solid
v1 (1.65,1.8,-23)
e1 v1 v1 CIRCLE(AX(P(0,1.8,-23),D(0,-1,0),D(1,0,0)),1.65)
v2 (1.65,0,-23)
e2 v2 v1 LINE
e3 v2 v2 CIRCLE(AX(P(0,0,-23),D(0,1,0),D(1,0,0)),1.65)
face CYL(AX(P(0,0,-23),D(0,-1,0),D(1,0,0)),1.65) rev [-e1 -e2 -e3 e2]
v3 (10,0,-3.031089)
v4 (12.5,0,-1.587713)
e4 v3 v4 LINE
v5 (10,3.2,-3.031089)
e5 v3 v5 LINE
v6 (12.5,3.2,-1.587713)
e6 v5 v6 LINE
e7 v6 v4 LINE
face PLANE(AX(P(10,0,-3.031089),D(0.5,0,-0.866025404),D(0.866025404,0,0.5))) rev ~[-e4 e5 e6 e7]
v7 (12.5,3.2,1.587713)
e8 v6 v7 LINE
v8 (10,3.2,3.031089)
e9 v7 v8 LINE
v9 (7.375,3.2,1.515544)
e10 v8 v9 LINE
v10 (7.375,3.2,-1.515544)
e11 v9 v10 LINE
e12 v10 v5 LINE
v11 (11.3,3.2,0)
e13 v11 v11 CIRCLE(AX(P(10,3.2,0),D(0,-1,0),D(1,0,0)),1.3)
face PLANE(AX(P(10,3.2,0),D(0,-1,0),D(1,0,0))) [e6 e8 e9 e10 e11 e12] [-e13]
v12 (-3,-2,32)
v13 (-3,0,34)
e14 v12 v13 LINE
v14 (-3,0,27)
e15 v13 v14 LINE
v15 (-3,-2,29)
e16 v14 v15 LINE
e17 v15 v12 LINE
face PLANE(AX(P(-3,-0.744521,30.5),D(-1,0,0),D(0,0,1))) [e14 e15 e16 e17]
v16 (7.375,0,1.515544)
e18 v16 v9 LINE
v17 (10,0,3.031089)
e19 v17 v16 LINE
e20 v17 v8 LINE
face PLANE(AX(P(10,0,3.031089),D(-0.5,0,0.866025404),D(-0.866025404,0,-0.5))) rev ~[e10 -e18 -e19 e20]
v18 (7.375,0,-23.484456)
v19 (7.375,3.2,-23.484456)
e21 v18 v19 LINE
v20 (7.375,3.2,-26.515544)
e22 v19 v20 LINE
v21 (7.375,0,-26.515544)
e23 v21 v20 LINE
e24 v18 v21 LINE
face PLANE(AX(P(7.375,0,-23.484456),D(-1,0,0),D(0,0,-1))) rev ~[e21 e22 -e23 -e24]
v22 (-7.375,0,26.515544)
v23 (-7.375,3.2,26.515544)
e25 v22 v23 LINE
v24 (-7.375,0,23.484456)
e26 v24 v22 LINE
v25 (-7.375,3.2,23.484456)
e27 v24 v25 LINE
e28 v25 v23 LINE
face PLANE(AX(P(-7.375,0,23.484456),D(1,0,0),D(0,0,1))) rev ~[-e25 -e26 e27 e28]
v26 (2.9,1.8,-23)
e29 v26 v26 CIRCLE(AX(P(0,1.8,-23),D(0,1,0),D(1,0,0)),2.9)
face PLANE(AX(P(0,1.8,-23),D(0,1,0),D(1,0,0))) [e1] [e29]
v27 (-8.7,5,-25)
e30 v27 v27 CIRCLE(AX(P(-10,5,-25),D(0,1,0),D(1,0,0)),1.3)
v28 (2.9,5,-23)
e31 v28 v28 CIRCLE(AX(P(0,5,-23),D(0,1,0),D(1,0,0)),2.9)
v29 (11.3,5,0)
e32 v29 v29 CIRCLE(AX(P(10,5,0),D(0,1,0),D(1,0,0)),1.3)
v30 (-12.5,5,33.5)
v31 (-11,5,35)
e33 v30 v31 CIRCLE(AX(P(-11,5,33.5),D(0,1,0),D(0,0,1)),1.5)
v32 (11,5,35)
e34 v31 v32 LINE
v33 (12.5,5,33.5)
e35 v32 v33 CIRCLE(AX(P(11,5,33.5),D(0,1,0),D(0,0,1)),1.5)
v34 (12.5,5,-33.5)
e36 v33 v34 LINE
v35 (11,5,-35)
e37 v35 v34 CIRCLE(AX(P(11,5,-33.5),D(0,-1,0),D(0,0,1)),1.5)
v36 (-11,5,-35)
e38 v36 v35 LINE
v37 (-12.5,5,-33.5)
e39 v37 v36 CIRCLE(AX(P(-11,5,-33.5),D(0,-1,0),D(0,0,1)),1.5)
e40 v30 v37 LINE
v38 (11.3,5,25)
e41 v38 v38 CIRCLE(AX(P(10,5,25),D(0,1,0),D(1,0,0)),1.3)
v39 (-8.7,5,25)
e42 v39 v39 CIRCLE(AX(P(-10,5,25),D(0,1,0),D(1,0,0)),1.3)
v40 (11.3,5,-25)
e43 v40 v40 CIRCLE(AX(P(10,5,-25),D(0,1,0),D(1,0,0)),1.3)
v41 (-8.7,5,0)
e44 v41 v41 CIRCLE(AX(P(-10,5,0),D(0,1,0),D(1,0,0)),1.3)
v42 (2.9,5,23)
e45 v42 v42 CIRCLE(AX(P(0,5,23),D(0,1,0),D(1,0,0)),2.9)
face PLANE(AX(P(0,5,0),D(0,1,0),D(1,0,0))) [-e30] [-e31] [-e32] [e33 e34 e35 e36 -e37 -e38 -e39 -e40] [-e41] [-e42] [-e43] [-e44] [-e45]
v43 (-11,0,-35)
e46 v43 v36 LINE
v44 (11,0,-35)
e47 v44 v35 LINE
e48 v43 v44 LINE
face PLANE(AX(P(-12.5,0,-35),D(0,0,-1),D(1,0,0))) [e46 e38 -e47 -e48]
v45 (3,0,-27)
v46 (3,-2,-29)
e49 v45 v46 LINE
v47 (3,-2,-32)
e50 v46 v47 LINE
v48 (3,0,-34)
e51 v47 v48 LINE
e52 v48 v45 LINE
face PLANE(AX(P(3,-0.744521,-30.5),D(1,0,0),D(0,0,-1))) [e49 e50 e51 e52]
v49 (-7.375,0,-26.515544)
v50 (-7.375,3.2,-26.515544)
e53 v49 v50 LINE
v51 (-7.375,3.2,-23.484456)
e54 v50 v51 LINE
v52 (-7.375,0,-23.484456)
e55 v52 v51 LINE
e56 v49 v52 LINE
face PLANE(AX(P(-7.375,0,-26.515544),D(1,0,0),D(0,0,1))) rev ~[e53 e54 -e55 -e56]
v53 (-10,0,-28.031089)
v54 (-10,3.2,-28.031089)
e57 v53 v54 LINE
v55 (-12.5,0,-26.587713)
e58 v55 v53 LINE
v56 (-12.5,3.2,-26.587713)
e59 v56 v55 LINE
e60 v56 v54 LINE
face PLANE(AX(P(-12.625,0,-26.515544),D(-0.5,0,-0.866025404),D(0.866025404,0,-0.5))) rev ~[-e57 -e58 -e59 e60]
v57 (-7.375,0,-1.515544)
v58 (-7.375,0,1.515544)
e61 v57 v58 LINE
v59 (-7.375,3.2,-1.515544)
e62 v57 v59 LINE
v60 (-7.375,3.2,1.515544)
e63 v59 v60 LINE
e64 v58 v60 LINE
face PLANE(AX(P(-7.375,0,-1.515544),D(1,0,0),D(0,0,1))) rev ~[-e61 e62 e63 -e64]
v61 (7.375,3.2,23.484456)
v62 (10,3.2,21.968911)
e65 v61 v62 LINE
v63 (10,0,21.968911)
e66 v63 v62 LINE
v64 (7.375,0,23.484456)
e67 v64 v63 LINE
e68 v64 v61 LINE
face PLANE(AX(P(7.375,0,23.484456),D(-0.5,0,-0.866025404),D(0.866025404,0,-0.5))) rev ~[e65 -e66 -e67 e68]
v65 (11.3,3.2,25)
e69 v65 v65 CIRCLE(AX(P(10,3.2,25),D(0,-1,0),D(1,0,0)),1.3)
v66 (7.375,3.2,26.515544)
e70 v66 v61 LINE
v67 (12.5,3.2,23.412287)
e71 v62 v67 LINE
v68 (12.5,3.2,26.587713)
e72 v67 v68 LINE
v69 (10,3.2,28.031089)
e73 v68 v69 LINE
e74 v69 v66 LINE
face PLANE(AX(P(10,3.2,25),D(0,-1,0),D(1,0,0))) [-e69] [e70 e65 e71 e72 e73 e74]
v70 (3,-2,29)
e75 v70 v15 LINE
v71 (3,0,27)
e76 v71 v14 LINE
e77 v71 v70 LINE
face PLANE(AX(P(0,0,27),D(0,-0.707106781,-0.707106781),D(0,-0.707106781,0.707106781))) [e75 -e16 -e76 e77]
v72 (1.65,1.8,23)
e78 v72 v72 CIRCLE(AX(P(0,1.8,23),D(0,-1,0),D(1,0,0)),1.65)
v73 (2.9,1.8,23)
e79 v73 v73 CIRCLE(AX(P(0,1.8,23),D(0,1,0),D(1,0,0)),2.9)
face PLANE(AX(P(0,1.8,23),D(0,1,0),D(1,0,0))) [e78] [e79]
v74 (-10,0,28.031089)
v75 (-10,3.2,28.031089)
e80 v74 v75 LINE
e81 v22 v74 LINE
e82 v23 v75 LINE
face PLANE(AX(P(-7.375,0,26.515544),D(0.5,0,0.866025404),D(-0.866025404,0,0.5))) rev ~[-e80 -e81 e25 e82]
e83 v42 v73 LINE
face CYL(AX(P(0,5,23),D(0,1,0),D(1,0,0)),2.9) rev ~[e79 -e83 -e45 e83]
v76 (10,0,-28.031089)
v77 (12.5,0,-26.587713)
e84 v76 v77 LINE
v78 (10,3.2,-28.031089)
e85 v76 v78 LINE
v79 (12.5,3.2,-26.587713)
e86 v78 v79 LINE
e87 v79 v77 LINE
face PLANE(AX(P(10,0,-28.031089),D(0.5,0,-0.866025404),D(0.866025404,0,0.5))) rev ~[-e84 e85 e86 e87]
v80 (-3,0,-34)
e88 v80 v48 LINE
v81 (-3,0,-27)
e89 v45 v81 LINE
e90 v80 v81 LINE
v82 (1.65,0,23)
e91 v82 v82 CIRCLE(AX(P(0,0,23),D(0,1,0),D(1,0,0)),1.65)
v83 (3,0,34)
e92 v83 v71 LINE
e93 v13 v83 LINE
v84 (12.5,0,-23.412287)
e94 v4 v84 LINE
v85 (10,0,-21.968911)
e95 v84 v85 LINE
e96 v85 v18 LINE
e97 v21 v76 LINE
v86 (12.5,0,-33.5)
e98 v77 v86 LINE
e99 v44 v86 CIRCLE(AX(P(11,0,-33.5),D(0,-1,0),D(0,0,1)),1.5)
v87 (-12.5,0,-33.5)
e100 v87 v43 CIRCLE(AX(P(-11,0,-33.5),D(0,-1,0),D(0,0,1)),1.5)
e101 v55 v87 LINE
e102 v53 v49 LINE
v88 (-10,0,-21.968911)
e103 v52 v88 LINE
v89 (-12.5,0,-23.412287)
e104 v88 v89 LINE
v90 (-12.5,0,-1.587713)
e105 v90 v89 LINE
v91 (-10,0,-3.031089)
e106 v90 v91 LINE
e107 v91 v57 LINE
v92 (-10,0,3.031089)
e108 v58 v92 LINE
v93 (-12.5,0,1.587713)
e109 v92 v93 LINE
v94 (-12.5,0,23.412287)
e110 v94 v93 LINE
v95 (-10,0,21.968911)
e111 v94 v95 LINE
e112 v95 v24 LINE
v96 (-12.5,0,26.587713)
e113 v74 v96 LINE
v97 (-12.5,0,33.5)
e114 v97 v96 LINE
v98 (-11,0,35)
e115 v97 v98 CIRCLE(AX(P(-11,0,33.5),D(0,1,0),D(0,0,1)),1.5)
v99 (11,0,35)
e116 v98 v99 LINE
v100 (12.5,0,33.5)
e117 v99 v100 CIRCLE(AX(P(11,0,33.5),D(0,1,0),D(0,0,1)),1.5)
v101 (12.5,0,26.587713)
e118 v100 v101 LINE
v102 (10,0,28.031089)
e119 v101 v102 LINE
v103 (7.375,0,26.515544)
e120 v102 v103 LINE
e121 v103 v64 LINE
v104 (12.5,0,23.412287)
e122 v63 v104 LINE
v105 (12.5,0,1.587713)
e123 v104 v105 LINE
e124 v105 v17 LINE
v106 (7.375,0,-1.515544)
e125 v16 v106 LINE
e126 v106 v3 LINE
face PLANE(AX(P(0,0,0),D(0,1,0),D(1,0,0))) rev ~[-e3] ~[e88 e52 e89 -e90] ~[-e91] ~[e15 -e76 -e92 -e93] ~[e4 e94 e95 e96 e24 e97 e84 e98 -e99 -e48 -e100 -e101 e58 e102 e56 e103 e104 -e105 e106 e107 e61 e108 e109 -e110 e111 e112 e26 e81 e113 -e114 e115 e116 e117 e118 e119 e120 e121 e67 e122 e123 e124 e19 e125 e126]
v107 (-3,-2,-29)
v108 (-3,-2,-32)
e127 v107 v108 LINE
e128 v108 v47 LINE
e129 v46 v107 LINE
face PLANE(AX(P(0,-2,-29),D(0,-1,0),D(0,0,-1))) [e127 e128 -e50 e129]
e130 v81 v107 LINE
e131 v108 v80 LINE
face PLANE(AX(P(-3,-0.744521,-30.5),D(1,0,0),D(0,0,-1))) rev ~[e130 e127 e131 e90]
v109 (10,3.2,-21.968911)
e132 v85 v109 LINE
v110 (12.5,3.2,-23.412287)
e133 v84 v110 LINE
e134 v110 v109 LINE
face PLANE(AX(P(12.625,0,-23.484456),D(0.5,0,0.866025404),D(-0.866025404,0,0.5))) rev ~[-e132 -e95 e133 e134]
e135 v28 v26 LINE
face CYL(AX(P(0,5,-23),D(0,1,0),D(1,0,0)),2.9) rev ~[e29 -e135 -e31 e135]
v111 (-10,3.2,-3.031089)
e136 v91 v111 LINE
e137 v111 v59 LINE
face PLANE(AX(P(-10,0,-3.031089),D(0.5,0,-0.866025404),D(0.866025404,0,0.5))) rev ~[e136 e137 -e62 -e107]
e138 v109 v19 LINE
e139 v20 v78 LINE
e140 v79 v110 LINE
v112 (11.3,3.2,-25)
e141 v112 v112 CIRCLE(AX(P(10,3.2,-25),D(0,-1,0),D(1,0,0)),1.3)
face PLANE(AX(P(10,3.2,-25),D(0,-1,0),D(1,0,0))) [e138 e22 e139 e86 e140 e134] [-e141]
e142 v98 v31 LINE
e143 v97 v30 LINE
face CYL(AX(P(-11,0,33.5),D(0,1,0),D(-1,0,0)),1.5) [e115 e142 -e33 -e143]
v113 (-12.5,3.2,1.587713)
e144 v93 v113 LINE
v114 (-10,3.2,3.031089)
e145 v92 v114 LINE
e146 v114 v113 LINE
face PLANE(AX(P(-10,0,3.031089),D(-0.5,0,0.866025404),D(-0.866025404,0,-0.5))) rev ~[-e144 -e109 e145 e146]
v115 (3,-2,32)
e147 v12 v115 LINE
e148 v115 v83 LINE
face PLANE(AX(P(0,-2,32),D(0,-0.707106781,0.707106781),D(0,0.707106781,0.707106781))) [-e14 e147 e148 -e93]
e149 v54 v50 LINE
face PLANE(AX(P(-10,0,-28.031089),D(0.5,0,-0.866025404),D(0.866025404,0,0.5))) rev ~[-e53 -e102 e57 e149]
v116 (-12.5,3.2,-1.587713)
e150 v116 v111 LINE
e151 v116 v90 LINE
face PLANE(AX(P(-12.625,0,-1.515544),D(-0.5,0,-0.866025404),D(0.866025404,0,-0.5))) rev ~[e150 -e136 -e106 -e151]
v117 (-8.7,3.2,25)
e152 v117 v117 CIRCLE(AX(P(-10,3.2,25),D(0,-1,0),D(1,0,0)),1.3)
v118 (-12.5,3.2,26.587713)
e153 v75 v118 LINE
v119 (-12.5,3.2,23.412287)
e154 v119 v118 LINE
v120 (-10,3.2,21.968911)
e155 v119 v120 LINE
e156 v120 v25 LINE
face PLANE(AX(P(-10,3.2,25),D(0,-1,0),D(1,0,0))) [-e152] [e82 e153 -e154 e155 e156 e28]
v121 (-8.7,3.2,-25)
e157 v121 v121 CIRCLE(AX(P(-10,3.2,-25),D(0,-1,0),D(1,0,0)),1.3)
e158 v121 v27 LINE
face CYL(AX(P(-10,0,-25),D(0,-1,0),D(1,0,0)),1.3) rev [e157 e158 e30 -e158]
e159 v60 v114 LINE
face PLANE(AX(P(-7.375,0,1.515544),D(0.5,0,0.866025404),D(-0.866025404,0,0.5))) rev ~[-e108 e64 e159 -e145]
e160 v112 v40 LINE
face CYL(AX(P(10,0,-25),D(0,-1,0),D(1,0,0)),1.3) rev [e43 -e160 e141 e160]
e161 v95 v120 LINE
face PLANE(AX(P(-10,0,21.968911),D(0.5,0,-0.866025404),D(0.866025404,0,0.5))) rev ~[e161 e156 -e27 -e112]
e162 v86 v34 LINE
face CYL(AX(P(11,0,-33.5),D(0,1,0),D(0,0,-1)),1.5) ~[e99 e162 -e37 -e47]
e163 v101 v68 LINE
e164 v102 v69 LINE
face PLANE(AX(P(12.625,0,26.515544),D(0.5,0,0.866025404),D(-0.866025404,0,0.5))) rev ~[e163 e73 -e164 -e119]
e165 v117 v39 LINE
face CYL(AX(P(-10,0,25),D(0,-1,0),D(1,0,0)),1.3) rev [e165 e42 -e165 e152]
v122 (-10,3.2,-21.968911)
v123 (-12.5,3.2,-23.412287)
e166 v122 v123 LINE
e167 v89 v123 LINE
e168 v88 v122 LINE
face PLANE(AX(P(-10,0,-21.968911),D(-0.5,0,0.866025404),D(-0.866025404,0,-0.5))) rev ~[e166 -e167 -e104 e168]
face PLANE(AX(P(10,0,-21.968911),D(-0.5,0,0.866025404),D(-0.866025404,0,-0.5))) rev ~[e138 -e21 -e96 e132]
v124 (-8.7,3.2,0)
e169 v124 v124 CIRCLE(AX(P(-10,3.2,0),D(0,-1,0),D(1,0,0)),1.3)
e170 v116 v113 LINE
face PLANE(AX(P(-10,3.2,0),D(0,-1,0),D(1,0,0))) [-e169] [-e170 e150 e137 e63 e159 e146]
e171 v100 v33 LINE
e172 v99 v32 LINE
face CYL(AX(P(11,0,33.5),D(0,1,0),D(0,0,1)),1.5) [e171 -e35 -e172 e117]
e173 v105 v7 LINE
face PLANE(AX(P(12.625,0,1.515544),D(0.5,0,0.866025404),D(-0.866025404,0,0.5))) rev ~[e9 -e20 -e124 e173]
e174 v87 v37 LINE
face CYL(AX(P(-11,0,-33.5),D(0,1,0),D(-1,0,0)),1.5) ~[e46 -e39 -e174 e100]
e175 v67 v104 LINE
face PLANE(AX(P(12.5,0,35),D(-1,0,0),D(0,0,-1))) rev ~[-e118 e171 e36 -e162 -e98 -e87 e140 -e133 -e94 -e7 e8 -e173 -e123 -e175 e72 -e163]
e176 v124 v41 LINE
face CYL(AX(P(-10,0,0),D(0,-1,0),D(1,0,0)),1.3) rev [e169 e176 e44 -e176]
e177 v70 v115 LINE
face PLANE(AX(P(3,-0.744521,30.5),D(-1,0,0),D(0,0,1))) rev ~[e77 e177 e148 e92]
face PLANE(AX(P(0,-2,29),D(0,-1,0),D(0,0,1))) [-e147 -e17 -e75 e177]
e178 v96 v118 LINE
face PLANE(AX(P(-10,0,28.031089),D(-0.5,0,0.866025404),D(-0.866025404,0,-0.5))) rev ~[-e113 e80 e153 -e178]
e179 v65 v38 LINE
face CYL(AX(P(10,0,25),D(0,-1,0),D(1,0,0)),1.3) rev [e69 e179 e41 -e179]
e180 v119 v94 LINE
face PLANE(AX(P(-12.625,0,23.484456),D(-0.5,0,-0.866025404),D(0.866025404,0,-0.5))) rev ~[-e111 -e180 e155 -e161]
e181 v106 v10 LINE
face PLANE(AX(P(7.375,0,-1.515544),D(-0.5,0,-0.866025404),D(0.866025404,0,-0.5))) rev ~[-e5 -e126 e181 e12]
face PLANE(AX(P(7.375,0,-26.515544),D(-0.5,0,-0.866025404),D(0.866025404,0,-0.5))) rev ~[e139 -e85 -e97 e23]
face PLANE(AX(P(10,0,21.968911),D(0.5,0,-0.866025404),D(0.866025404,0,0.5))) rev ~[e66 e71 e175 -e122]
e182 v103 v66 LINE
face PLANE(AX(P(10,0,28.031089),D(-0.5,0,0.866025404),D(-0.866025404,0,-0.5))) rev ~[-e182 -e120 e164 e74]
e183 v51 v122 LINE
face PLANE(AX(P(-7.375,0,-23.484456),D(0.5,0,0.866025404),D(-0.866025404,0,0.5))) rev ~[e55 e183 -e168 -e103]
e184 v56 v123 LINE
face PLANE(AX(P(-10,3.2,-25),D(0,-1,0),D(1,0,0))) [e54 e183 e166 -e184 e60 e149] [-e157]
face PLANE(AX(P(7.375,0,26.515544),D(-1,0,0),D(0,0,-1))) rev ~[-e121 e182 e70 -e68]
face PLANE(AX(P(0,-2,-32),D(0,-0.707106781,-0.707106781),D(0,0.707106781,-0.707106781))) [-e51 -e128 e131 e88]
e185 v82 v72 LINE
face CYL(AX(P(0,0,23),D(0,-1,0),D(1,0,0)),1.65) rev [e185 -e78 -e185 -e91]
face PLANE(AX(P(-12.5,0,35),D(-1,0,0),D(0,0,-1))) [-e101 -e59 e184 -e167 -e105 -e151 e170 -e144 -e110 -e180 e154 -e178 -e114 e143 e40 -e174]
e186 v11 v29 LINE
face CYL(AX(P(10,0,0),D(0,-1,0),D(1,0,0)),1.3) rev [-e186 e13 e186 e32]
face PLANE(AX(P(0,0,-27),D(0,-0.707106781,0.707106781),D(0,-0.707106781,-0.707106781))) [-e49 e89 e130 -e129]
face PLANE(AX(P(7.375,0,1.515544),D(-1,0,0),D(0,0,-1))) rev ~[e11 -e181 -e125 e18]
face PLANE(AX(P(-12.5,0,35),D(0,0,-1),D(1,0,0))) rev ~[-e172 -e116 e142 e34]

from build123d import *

# Parameters (mm, degrees)
SKETCH_1_W          = 25
SKETCH_1_H          = 70
SKETCH_1_R          = 1.3
SKETCH_1_R_2        = 1.65
EXTRUDE_1_DEPTH     = 5
SKETCH_2_R          = 2.9
CUT_EXTRUDE_1_DEPTH = 3.2
CUT_EXTRUDE_2_DEPTH = 3.2
FILLET_1_R          = 1.5
EXTRUDE_2_DEPTH     = 3


with BuildPart() as part:
    # 草图1 → 凸台-拉伸1 (new body)
    with BuildSketch(Plane(origin=(0, 0, 0), x_dir=(1, 0, 0), z_dir=(0, 1, 0))):
        Rectangle(SKETCH_1_W, SKETCH_1_H)
        with Locations((10, 25)):
            Circle(SKETCH_1_R, mode=Mode.SUBTRACT)
        with Locations((10, 0)):
            Circle(SKETCH_1_R, mode=Mode.SUBTRACT)
        with Locations((10, -25)):
            Circle(SKETCH_1_R, mode=Mode.SUBTRACT)
        with Locations((0, 23)):
            Circle(SKETCH_1_R_2, mode=Mode.SUBTRACT)
        with Locations((0, -23)):
            Circle(SKETCH_1_R_2, mode=Mode.SUBTRACT)
        with Locations((-10, 25)):
            Circle(SKETCH_1_R, mode=Mode.SUBTRACT)
        with Locations((-10, 0)):
            Circle(SKETCH_1_R, mode=Mode.SUBTRACT)
        with Locations((-10, -25)):
            Circle(SKETCH_1_R, mode=Mode.SUBTRACT)
    extrude(amount=EXTRUDE_1_DEPTH)

    # 草图2 → 切除-拉伸1 (cut)
    with BuildSketch(Plane(origin=(0, 5, 0), x_dir=(1, 0, 0), z_dir=(0, 1, 0))):
        with Locations((0, 23)):
            Circle(SKETCH_2_R)
        with Locations((0, -23)):
            Circle(SKETCH_2_R)
    extrude(amount=-CUT_EXTRUDE_1_DEPTH, mode=Mode.SUBTRACT)

    # 草图3 → 切除-拉伸2 (cut)
    with BuildSketch(Plane.XZ):
        Polygon((-7.375, 23.484455543), (-7.375, 26.515544457), (-10, 28.031088913), (-12.625, 26.515544457), (-12.625, 23.484455543), (-10, 21.968911087), align=None)
        Polygon((10, 28.031088913), (7.375, 26.515544457), (7.375, 23.484455543), (10, 21.968911087), (12.625, 23.484455543), (12.625, 26.515544457), align=None)
        Polygon((10, 3.031088913), (7.375, 1.515544457), (7.375, -1.515544457), (10, -3.031088913), (12.625, -1.515544457), (12.625, 1.515544457), align=None)
        Polygon((-10, 3.031088913), (-12.625, 1.515544457), (-12.625, -1.515544457), (-10, -3.031088913), (-7.375, -1.515544457), (-7.375, 1.515544457), align=None)
        Polygon((-7.375, -26.515544457), (-7.375, -23.484455543), (-10, -21.968911087), (-12.625, -23.484455543), (-12.625, -26.515544457), (-10, -28.031088913), align=None)
        Polygon((10, -21.968911087), (7.375, -23.484455543), (7.375, -26.515544457), (10, -28.031088913), (12.625, -26.515544457), (12.625, -23.484455543), align=None)
    extrude(amount=-CUT_EXTRUDE_2_DEPTH, mode=Mode.SUBTRACT)

    # 圆角1
    fillet_1_edges = [part.edges().sort_by_distance(p)[0] for p in [
        (12.5, 2.5, 35),
        (-12.5, 2.5, 35),
        (-12.5, 2.5, -35),
        (12.5, 2.5, -35),
    ]]
    fillet(fillet_1_edges, radius=FILLET_1_R)

    # 草图4 → 凸台-拉伸2 (add, symmetric)
    with BuildSketch(Plane(origin=(0, 0, 0), x_dir=(0, 0, -1), z_dir=(1, 0, 0))):
        Polygon((-34, 0), (-27, 0), (-29, -2), (-32, -2), align=None)
        Polygon((29, -2), (32, -2), (34, 0), (27, 0), align=None)
    extrude(amount=EXTRUDE_2_DEPTH, both=True)


solid = part.part
